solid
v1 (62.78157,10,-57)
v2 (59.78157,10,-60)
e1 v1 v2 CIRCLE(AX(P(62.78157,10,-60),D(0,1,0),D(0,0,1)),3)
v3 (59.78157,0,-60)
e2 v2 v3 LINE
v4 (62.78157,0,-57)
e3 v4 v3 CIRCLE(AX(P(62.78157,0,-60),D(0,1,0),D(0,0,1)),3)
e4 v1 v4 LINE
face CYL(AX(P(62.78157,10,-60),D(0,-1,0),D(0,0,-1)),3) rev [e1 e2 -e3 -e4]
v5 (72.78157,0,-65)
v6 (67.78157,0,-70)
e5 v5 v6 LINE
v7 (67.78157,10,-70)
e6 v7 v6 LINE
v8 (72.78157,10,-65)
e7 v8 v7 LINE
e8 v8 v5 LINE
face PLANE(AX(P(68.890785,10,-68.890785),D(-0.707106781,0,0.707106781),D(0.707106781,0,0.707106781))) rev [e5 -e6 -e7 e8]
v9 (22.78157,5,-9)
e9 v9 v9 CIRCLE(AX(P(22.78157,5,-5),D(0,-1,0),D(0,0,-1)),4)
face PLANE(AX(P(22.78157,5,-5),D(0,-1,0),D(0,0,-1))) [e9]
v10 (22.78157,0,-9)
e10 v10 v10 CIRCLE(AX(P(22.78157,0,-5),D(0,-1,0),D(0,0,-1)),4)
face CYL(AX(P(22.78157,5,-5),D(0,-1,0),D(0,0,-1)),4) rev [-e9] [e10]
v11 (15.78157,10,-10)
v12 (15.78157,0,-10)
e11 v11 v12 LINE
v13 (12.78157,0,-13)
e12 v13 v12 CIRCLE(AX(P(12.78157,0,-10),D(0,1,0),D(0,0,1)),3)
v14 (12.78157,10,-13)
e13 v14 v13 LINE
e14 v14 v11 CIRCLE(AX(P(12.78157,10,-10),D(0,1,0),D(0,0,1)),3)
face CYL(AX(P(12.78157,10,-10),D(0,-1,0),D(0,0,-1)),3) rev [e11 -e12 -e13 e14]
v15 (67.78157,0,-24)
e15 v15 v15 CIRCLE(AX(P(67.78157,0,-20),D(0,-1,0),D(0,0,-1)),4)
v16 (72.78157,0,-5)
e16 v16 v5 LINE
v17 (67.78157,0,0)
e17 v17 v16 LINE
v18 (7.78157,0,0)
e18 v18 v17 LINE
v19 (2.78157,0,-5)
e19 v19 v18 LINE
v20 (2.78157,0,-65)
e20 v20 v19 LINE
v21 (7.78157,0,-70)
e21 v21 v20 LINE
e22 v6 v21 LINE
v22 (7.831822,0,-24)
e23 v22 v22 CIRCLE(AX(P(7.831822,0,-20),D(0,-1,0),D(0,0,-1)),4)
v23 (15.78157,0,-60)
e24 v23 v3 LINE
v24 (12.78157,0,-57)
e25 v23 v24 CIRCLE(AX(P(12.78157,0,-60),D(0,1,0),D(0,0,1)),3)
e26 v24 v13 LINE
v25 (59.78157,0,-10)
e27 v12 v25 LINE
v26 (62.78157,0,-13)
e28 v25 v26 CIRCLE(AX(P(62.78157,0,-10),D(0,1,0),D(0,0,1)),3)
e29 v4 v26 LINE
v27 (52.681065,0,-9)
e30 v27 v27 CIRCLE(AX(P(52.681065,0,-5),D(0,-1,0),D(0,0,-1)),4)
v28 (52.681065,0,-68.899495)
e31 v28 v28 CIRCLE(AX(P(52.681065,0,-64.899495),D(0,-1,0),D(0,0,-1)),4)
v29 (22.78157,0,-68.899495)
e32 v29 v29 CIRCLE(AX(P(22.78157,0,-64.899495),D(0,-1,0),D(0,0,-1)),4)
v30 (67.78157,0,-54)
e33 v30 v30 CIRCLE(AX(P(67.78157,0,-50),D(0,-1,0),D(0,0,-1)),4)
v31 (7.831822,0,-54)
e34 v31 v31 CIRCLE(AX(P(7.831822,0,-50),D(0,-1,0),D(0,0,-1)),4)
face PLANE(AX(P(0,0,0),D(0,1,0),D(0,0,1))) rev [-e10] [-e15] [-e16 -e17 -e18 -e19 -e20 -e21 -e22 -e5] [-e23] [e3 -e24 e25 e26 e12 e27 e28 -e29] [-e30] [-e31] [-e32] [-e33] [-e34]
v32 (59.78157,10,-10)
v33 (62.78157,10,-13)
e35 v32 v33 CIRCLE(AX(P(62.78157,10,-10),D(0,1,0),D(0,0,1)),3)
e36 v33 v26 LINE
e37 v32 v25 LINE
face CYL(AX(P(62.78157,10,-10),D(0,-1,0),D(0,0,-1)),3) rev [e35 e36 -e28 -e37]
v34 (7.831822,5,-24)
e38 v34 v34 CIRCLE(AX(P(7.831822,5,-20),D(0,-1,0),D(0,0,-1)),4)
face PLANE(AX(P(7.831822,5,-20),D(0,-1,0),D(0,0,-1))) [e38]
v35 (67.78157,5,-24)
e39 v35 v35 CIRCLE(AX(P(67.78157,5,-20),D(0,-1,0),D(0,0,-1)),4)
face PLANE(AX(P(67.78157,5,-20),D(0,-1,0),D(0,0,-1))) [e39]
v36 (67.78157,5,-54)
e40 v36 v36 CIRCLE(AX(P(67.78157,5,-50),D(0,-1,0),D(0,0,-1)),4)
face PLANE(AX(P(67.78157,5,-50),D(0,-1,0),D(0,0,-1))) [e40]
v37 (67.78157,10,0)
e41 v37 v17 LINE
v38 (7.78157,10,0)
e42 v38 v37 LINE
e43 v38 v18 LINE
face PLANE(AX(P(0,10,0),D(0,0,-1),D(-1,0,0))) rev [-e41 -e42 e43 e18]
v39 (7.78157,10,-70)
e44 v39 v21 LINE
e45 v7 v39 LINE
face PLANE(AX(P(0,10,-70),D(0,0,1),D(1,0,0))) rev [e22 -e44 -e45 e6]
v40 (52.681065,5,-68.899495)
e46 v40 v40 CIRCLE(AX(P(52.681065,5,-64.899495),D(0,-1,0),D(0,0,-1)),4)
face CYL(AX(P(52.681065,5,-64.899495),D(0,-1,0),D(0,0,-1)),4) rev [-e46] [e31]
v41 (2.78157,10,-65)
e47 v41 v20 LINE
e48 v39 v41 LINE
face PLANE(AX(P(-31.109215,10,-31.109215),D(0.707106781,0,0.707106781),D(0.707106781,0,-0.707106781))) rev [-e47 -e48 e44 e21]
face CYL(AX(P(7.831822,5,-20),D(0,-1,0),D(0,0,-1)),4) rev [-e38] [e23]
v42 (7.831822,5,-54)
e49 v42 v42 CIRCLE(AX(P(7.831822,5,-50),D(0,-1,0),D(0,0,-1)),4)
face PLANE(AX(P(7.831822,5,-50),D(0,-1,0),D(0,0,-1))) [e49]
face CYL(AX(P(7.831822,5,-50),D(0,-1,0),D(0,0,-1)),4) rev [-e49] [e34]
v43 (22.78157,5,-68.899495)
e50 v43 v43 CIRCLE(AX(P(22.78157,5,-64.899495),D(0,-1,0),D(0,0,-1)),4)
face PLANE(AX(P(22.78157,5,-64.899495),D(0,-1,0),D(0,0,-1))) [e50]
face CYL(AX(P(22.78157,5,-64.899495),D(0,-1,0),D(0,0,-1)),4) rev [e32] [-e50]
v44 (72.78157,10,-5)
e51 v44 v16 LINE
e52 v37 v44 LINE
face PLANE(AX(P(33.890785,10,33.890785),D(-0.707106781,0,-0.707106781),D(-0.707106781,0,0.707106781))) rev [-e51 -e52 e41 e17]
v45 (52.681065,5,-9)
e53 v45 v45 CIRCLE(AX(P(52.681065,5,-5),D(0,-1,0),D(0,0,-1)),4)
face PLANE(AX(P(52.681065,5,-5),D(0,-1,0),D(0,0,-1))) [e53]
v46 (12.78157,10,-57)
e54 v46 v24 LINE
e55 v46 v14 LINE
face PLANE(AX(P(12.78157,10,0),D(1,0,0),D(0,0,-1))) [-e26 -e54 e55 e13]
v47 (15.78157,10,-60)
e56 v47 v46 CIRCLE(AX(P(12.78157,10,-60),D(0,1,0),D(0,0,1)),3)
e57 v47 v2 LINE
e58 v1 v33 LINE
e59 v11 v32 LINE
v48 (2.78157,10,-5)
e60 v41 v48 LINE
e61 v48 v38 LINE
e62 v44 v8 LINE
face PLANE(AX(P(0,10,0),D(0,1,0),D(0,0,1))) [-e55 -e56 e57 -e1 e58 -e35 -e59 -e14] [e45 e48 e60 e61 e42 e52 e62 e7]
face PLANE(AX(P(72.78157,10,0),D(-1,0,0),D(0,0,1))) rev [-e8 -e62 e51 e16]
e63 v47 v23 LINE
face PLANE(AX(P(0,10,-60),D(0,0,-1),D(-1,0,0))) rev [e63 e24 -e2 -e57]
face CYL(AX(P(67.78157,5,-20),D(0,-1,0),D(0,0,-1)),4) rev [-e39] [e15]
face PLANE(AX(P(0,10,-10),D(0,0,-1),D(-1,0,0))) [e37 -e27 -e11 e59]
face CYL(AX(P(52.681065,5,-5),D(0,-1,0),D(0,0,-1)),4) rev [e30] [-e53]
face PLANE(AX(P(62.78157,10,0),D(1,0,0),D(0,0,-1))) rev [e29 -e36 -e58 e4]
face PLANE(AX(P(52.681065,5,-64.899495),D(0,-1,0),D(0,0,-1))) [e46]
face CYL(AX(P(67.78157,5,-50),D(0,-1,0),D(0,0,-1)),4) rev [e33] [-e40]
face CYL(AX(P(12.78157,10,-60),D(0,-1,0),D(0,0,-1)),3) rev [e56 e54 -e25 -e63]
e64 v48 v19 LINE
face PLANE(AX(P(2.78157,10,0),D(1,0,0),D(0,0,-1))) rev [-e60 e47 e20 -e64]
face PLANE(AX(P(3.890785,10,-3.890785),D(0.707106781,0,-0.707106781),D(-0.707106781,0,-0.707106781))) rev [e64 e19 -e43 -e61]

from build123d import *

# Parameters (mm, degrees)
BOSS_EXTRUDE1_DEPTH = 10
SKETCH2_R           = 4
CUT_EXTRUDE1_DEPTH  = 5


with BuildPart() as part:
    # Sketch1 → Boss-Extrude1 (new body)
    with BuildSketch(Plane(origin=(0, 0, 0), x_dir=(1, 0, 0), z_dir=(0, 1, 0))):
        Polygon((2.781569966, 65), (2.781569966, 5), (7.781569966, 0), (67.781569966, 0), (72.781569966, 5), (72.781569966, 65), (67.781569966, 70), (7.781569966, 70), align=None)
        with BuildLine():
            ThreePointArc((12.781569966, 57), (10.660249622, 62.121320344), (15.781569966, 60))
            Line((15.781569966, 60), (59.781569966, 60))
            ThreePointArc((59.781569966, 60), (62.781569966, 63), (65.781569966, 60))
            ThreePointArc((65.781569966, 60), (64.902890309, 57.878679656), (62.781569966, 57))
            Line((62.781569966, 57), (62.781569966, 13))
            ThreePointArc((62.781569966, 13), (64.902890309, 12.121320344), (65.781569966, 10))
            ThreePointArc((65.781569966, 10), (62.781569966, 7), (59.781569966, 10))
            Line((59.781569966, 10), (15.781569966, 10))
            ThreePointArc((15.781569966, 10), (10.660249622, 7.878679656), (12.781569966, 13))
            Line((12.781569966, 13), (12.781569966, 57))
        make_face(mode=Mode.SUBTRACT)
    extrude(amount=BOSS_EXTRUDE1_DEPTH)

    # Sketch2 → Cut-Extrude1 (cut)
    with BuildSketch(Plane.XZ):
        with Locations((22.781569966, -5)):
            Circle(SKETCH2_R)
        with Locations((52.681064902, -5)):
            Circle(SKETCH2_R)
        with Locations((67.781569966, -20)):
            Circle(SKETCH2_R)
        with Locations((67.781569966, -50)):
            Circle(SKETCH2_R)
        with Locations((52.681064902, -64.899494937)):
            Circle(SKETCH2_R)
        with Locations((22.781569966, -64.899494937)):
            Circle(SKETCH2_R)
        with Locations((7.831822498, -50)):
            Circle(SKETCH2_R)
        with Locations((7.831822498, -20)):
            Circle(SKETCH2_R)
    extrude(amount=-CUT_EXTRUDE1_DEPTH, mode=Mode.SUBTRACT)


solid = part.part
